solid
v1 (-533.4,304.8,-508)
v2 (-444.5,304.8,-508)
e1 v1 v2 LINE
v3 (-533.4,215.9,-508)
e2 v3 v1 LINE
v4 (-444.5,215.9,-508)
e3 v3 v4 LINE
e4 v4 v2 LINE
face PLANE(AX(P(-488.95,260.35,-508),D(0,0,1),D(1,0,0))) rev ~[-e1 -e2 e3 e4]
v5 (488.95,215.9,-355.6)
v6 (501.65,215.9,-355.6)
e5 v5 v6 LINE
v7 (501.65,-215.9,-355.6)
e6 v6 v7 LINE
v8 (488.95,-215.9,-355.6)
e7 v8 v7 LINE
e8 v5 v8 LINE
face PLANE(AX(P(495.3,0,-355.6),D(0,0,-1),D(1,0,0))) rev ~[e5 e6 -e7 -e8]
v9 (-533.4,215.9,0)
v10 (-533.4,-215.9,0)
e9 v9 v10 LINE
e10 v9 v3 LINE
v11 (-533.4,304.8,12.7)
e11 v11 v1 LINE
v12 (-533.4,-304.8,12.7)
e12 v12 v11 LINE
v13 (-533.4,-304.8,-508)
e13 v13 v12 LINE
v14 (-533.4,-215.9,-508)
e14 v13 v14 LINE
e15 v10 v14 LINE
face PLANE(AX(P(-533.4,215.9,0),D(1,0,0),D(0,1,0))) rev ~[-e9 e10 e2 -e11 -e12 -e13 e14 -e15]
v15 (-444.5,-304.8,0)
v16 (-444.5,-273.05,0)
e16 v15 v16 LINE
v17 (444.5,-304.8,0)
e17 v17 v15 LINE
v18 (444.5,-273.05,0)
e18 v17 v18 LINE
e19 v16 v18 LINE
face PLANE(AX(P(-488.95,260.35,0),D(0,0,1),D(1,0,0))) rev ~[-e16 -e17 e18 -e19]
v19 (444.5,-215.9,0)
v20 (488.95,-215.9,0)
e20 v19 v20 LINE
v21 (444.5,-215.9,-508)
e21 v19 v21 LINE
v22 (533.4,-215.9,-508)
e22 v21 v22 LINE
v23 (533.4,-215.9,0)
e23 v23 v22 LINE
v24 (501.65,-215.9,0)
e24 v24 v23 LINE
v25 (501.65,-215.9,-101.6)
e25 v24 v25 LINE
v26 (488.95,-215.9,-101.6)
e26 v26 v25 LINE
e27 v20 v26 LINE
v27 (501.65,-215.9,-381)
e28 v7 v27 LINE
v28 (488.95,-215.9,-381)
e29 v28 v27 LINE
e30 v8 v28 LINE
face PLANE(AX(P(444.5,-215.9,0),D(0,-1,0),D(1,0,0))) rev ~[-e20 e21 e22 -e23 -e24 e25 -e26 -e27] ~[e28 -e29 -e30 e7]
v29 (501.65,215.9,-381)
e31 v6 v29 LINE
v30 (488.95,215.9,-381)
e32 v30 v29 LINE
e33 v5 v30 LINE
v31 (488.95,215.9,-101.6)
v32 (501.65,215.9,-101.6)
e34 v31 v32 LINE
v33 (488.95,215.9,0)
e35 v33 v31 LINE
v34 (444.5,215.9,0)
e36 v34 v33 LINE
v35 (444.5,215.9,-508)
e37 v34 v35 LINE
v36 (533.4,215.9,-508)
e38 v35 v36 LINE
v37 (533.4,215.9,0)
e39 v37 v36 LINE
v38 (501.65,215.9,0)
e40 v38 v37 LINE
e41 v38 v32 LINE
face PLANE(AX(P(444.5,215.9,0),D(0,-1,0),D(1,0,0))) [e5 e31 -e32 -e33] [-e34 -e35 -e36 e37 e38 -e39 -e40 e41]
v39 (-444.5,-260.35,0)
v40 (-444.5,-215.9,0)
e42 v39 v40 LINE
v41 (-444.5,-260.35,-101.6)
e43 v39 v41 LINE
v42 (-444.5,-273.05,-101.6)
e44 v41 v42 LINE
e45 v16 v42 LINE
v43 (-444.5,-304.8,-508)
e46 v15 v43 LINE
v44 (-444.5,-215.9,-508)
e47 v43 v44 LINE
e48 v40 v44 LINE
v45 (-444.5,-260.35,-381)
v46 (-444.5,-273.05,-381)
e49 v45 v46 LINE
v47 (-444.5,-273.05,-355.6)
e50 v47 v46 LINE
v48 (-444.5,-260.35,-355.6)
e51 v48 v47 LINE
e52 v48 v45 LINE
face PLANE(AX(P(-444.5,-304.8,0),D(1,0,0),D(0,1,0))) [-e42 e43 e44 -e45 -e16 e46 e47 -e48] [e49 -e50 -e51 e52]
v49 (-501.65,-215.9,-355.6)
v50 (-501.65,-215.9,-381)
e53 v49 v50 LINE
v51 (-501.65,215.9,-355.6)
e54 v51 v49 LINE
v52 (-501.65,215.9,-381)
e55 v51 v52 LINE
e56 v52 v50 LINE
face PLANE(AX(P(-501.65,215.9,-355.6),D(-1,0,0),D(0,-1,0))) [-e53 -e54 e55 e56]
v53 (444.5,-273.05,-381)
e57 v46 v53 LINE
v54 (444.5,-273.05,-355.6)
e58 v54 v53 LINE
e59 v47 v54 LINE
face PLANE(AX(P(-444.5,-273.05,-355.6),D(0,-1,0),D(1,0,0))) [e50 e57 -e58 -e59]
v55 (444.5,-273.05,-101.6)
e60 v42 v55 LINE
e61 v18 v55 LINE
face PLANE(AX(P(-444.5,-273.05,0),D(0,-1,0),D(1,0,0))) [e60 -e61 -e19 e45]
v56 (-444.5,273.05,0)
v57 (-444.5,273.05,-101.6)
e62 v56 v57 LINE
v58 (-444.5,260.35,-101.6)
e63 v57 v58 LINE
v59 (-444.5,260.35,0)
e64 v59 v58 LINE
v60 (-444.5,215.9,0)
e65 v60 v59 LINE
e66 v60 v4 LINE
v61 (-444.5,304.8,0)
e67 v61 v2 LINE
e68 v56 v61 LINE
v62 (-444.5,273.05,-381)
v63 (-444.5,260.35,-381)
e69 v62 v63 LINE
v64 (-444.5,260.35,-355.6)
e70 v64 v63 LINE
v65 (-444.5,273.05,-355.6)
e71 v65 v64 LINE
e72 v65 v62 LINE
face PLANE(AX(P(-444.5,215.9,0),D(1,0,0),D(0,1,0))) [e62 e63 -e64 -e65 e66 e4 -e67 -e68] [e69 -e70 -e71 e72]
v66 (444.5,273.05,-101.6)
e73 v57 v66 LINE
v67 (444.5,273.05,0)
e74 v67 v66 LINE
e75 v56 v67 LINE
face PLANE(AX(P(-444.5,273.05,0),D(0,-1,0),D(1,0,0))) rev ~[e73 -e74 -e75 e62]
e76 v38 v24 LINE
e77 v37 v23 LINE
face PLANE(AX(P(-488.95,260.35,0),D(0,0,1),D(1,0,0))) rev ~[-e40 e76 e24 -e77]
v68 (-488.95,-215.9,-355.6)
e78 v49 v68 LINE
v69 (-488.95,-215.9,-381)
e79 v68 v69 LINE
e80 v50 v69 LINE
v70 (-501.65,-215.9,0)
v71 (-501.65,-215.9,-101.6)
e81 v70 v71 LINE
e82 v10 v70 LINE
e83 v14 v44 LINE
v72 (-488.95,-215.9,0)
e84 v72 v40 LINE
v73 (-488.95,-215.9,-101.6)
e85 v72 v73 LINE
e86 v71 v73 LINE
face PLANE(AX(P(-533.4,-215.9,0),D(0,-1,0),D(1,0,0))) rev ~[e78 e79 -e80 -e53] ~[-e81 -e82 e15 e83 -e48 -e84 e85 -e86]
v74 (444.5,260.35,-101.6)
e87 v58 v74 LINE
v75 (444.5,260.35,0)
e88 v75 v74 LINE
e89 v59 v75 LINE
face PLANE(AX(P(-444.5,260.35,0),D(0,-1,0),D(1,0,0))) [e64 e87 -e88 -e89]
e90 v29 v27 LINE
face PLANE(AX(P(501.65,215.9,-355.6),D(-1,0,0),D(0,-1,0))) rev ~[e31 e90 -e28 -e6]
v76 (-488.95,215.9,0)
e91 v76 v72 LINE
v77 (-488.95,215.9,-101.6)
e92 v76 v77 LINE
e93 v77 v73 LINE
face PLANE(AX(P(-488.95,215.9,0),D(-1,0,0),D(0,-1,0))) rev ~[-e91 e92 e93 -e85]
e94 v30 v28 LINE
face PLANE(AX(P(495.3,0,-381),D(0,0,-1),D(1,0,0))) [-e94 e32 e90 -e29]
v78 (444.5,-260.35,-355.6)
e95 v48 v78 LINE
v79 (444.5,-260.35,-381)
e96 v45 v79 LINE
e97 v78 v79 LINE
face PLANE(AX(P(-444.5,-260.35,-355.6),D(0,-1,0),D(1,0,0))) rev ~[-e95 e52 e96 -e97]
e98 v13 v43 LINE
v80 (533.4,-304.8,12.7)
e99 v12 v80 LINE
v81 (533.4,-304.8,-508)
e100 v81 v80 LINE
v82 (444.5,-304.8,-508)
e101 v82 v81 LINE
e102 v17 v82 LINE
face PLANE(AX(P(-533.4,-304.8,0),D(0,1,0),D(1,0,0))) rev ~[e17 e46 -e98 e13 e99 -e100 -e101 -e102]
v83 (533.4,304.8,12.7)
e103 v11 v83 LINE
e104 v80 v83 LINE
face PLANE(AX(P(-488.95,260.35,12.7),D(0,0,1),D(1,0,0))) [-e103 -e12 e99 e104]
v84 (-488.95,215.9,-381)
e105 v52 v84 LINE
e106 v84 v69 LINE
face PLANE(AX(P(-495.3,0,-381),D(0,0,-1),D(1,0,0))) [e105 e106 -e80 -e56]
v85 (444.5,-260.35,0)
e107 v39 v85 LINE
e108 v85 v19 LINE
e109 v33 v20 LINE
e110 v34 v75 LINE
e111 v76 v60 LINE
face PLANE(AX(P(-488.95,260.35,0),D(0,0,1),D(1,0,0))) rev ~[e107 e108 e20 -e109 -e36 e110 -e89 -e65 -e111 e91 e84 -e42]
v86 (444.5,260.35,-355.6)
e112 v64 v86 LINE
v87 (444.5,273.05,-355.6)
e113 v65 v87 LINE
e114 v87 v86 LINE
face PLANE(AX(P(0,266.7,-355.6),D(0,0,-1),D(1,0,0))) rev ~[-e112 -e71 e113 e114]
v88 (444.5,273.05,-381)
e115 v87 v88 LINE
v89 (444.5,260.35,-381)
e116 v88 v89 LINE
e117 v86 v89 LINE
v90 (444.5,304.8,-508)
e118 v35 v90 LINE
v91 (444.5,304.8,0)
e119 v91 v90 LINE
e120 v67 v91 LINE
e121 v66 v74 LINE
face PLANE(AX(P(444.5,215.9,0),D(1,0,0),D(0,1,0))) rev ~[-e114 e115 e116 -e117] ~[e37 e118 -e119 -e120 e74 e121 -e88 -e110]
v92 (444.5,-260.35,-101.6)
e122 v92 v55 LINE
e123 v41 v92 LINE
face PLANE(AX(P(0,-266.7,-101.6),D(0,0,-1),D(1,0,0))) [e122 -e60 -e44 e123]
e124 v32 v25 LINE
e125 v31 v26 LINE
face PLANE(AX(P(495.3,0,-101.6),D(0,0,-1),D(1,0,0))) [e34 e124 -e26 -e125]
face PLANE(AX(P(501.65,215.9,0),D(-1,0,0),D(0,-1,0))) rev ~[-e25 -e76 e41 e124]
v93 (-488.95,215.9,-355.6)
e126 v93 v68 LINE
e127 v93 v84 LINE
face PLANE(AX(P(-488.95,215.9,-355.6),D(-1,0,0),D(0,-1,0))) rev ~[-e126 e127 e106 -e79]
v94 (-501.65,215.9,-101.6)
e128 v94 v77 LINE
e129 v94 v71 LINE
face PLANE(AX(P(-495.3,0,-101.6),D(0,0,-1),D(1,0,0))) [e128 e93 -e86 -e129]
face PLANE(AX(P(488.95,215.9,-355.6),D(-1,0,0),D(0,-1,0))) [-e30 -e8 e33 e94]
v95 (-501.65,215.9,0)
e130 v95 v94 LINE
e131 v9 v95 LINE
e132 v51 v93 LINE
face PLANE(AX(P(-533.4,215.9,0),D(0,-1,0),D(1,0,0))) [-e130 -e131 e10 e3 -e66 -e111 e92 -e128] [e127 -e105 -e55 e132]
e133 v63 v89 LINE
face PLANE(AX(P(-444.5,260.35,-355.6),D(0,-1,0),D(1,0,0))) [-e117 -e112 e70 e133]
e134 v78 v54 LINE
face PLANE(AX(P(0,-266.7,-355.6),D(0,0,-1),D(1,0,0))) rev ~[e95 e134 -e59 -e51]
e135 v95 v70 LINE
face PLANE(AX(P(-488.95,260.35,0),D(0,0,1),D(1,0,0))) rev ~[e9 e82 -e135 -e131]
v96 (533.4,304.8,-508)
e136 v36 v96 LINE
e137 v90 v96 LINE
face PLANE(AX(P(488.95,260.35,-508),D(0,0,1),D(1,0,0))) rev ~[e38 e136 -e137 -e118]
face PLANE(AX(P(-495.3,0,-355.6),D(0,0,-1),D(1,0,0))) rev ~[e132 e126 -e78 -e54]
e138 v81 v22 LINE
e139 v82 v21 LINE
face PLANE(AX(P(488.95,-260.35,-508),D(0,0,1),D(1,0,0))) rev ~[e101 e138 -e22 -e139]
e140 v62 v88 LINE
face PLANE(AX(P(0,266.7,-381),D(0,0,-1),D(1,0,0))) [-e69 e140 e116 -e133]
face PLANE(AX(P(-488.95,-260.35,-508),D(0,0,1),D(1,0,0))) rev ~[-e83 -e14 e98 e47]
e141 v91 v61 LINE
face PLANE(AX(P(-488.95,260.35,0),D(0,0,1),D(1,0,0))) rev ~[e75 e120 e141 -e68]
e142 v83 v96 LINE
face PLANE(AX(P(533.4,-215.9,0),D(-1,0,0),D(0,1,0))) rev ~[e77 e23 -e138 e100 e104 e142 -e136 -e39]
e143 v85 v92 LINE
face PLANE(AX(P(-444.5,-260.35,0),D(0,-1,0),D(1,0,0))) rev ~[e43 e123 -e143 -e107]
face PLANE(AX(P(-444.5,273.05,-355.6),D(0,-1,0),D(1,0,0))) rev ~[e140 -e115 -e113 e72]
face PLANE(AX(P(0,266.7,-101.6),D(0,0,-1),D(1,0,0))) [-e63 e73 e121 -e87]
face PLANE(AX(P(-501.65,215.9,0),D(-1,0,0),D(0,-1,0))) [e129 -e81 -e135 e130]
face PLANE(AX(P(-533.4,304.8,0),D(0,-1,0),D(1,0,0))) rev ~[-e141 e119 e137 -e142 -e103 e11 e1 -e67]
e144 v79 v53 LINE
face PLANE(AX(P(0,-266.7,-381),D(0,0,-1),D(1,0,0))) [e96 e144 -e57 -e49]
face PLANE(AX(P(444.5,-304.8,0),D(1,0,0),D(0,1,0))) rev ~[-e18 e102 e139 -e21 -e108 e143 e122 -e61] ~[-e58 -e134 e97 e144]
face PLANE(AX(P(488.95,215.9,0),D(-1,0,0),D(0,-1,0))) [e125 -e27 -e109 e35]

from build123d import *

# Parameters (mm, degrees)
F1_DEPTH      = 12.7
F0_W          = 88.9
F0_H          = 88.9
F2_DEPTH      = 12.7
F2_DEPTH_BACK = 508
F3_W          = 889
F3_H          = 12.7
F3_W_2        = 12.7
F3_H_2        = 431.8
F4_DEPTH      = 101.6
F6_W          = 889
F6_H          = 12.7
F6_W_2        = 12.7
F6_H_2        = 431.8
F7_DEPTH      = 25.4


with BuildPart() as f1:
    # F0 (on Top) → F1 (new body)
    with BuildSketch(Plane.XY):
        Polygon((444.5, 304.8), (-444.5, 304.8), (-444.5, 215.9), (-533.4, 215.9), (-533.4, -215.9), (-444.5, -215.9), (-444.5, -304.8), (444.5, -304.8), (444.5, -215.9), (533.4, -215.9), (533.4, 215.9), (444.5, 215.9), align=None)
    extrude(amount=F1_DEPTH)

    # F0 (on Top) → F2 (join, two sides)
    with BuildSketch(Plane.XY) as f2_sk:
        with Locations((-488.95, 260.35)):
            Rectangle(F0_W, F0_H)
        with Locations((-488.95, -260.35)):
            Rectangle(F0_W, F0_H)
        with Locations((488.95, 260.35)):
            Rectangle(F0_W, F0_H)
        with Locations((488.95, -260.35)):
            Rectangle(F0_W, F0_H)
    extrude(amount=F2_DEPTH)
    extrude(f2_sk.sketch, amount=-F2_DEPTH_BACK)

    # F3 (on face) → F4 (join)
    with BuildSketch(Plane(origin=(0, 0, 0), x_dir=(1, 0, 0), z_dir=(0, 0, -1))):
        with Locations((0, 266.7)):
            Rectangle(F3_W, F3_H)
        with Locations((-495.3, 0)):
            Rectangle(F3_W_2, F3_H_2)
        with Locations((0, -266.7)):
            Rectangle(F3_W, F3_H)
        with Locations((495.3, 0)):
            Rectangle(F3_W_2, F3_H_2)
    extrude(amount=F4_DEPTH)

    # F6 (on offset) → F7 (join)
    with BuildSketch(Plane(origin=(0, 0, -355.6), x_dir=(1, 0, 0), z_dir=(0, 0, -1))):
        with Locations((0, 266.7)):
            Rectangle(F6_W, F6_H)
        with Locations((0, -266.7)):
            Rectangle(F6_W, F6_H)
        with Locations((-495.3, 0)):
            Rectangle(F6_W_2, F6_H_2)
        with Locations((495.3, 0)):
            Rectangle(F6_W_2, F6_H_2)
    extrude(amount=F7_DEPTH)


solid = f1.part
